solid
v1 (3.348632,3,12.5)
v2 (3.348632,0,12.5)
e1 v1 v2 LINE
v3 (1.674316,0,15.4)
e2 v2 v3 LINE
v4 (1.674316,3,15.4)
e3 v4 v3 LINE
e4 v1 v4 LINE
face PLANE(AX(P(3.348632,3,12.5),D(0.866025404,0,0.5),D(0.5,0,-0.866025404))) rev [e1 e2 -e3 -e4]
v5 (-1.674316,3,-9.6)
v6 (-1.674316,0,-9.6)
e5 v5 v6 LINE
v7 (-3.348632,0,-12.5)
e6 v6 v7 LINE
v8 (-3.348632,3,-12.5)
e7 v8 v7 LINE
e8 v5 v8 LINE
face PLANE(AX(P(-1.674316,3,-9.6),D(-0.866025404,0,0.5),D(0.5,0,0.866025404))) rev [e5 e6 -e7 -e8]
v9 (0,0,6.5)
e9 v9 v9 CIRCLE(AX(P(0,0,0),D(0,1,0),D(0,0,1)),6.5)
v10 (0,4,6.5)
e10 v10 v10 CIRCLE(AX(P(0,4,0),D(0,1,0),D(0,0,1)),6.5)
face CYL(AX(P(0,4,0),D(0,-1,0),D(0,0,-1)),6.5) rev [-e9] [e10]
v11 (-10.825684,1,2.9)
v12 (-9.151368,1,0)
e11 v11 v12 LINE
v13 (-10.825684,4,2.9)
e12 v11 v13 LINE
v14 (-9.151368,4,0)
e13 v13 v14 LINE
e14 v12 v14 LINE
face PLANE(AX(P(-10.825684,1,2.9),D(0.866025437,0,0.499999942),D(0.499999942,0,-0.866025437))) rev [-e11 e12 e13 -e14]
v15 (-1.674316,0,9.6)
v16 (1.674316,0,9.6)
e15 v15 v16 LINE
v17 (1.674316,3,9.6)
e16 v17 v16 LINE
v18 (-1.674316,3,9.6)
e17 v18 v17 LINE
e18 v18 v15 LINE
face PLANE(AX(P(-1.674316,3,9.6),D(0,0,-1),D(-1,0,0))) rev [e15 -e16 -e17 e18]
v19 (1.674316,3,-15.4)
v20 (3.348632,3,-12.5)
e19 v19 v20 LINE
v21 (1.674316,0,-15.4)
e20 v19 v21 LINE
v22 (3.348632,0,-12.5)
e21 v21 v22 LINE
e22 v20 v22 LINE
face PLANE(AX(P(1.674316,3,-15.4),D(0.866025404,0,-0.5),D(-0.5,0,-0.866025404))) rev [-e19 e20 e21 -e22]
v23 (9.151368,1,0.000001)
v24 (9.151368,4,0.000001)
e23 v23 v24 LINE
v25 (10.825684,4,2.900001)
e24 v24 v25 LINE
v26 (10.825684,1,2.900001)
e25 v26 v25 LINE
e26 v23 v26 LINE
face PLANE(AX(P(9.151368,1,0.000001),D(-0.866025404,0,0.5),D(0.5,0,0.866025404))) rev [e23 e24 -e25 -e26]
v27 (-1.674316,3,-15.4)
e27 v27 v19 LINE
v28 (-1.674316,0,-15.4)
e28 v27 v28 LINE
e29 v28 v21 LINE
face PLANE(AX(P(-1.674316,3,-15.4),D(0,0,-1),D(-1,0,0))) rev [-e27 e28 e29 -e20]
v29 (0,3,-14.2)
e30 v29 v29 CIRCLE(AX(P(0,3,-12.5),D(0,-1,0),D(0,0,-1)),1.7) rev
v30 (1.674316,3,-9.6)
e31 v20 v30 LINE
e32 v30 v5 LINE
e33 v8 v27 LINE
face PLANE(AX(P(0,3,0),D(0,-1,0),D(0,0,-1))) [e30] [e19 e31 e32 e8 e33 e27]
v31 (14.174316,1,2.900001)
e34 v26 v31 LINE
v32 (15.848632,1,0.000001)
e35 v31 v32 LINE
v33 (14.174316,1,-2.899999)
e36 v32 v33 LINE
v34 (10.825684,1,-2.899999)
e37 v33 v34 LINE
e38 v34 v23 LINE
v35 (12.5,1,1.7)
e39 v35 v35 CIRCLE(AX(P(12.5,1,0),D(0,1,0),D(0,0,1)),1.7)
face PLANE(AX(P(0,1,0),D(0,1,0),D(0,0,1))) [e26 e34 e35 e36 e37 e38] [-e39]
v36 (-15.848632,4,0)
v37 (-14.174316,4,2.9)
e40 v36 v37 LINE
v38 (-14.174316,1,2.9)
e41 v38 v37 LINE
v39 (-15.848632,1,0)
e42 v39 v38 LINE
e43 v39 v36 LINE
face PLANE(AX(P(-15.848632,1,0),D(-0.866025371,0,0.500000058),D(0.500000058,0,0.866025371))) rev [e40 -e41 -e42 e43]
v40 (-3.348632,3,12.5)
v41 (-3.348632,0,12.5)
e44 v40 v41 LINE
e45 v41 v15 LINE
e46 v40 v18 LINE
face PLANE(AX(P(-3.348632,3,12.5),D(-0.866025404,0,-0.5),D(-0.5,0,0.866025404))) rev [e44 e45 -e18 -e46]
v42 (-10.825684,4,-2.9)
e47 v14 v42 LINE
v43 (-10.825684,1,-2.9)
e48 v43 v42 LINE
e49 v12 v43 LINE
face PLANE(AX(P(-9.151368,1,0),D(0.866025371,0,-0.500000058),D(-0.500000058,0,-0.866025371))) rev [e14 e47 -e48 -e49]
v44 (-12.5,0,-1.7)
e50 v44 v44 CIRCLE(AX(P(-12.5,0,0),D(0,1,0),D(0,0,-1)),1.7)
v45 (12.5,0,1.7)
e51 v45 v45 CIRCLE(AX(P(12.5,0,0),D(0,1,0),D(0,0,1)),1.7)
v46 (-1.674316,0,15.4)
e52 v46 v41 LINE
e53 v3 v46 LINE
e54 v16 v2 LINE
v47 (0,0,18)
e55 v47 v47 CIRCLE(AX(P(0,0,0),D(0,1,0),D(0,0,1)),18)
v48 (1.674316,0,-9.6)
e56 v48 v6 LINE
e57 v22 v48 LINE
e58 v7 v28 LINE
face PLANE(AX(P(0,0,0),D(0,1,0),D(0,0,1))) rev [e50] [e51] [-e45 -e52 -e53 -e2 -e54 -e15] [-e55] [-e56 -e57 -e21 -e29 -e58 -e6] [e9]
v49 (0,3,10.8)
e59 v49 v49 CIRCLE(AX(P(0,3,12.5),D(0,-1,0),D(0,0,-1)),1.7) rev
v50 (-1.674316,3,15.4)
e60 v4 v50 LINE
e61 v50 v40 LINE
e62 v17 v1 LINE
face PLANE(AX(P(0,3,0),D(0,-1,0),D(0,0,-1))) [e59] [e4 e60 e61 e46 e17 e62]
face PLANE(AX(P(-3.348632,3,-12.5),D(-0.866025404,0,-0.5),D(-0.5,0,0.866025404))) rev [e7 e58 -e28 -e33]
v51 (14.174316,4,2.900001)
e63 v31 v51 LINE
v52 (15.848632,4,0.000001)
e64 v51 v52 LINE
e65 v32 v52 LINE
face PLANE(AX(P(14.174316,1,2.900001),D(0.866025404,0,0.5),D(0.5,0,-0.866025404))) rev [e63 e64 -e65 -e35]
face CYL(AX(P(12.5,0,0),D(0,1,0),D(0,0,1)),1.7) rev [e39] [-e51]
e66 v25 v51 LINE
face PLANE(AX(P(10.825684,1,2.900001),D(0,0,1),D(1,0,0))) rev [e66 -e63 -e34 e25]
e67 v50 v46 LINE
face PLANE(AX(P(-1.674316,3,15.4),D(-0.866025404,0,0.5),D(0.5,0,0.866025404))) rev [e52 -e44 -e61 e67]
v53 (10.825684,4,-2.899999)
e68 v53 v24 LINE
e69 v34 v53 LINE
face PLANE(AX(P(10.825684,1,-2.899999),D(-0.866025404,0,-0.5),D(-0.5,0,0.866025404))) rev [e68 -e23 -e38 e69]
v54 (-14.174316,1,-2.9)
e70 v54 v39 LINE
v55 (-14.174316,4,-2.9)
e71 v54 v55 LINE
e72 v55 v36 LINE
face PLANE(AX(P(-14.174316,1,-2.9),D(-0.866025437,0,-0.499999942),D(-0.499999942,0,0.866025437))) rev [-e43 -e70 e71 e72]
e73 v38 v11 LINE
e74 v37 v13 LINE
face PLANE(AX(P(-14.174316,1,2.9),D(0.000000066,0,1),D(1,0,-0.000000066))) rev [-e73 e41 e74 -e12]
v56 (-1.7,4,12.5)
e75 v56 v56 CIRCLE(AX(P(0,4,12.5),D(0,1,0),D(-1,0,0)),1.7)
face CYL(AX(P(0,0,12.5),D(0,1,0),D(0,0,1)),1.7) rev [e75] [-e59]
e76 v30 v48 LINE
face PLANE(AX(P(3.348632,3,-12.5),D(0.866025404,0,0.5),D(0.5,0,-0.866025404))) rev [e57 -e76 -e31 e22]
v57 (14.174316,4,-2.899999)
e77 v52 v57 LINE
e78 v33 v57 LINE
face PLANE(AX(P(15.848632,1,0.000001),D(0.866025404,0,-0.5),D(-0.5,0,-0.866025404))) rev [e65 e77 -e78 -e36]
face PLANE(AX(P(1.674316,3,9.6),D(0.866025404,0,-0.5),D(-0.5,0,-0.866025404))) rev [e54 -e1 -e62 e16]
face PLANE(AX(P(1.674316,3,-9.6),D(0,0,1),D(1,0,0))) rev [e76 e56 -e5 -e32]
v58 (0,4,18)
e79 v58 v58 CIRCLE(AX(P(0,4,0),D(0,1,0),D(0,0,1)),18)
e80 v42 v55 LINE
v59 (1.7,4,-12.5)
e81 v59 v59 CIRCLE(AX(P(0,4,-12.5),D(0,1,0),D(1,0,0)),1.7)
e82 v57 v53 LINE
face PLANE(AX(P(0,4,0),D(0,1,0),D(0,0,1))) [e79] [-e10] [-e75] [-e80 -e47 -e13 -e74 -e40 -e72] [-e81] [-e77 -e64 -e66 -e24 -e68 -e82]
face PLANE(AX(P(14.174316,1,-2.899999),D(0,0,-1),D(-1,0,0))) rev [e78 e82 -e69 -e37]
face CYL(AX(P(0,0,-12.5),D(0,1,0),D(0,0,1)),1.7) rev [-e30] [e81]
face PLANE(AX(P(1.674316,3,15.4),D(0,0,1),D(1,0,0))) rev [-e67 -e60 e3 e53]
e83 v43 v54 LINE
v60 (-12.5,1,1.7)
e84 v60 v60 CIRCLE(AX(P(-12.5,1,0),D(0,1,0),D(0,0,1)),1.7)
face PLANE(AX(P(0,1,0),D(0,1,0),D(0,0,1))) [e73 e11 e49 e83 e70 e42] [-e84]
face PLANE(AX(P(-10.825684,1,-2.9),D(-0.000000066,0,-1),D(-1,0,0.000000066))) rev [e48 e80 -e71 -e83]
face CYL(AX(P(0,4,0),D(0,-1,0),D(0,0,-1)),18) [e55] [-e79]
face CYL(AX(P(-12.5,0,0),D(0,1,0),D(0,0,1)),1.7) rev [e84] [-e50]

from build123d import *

# Parameters (mm, degrees)
SKETCH_1_R               = 18
SKETCH_1_R_2             = 6.5
EXTRUDE_366_DEPTH        = 4
CUT_EXTRUDE_589_DEPTH    = 3
SKETCH_3_R               = 1.7
CUT_EXTRUDE_770_DEPTH    = 26.632011236
PATTERN_CIRCULAR_1_COUNT = 4
CUT_EXTRUDE_1506_DEPTH   = 3


with BuildPart() as part:
    # Эскиз1 → Extrude 366 (new body)
    with BuildSketch(Plane(origin=(0, 0, 0), x_dir=(1, 0, 0), z_dir=(0, 1, 0))):
        with Locations(Location((0, 0, 0), (0, 0, 270))):
            Circle(SKETCH_1_R)
        with Locations(Location((0, 0, 0), (0, 0, 270))):
            Circle(SKETCH_1_R_2, mode=Mode.SUBTRACT)
    extrude(amount=EXTRUDE_366_DEPTH)

    # Эскиз2 → Cut-Extrude 589 (cut)
    with BuildSketch(Plane(origin=(0, 4, 0), x_dir=(1, 0, 0), z_dir=(0, 1, 0))):
        Polygon((-15.848631561, -2.23e-07), (-14.174315588, -2.900000111), (-10.825684027, -2.899999889), (-9.151368439, 2.23e-07), (-10.825684412, 2.900000111), (-14.174315973, 2.899999889), align=None)
        Polygon((15.848631561, -8.31e-07), (14.174315781, 2.899999169), (10.825684219, 2.899999169), (9.151368439, -8.31e-07), (10.825684219, -2.900000831), (14.174315781, -2.900000831), align=None)
    extrude(amount=-CUT_EXTRUDE_589_DEPTH, mode=Mode.SUBTRACT)

    # Эскиз3 → Cut-Extrude 770 (cut, symmetric)
    with BuildSketch(Plane(origin=(0, 1, 0), x_dir=(1, 0, 0), z_dir=(0, 1, 0))):
        with Locations(Location((12.5, 0, 0), (0, 0, 270))):
            Circle(SKETCH_3_R)
    cut_extrude_770 = extrude(amount=CUT_EXTRUDE_770_DEPTH, both=True, mode=Mode.SUBTRACT)

    # Круговой массив1: Cut-Extrude 770 ×4 about axis
    pattern_circular_1_axis = Axis((0, 0, 0), (0, 1, 0))
    for i in range(1, PATTERN_CIRCULAR_1_COUNT):
        add(cut_extrude_770.rotate(pattern_circular_1_axis, i * 360 / PATTERN_CIRCULAR_1_COUNT), mode=Mode.SUBTRACT)

    # Эскиз5 → Cut-Extrude 1506 (cut)
    with BuildSketch(Plane.XZ):
        Polygon((3.348631561, 12.5), (1.674315781, 15.4), (-1.674315781, 15.4), (-3.348631561, 12.5), (-1.674315781, 9.6), (1.674315781, 9.6), align=None)
        Polygon((-3.348631561, -12.5), (-1.674315781, -15.4), (1.674315781, -15.4), (3.348631561, -12.5), (1.674315781, -9.6), (-1.674315781, -9.6), align=None)
    extrude(amount=-CUT_EXTRUDE_1506_DEPTH, mode=Mode.SUBTRACT)


solid = part.part
